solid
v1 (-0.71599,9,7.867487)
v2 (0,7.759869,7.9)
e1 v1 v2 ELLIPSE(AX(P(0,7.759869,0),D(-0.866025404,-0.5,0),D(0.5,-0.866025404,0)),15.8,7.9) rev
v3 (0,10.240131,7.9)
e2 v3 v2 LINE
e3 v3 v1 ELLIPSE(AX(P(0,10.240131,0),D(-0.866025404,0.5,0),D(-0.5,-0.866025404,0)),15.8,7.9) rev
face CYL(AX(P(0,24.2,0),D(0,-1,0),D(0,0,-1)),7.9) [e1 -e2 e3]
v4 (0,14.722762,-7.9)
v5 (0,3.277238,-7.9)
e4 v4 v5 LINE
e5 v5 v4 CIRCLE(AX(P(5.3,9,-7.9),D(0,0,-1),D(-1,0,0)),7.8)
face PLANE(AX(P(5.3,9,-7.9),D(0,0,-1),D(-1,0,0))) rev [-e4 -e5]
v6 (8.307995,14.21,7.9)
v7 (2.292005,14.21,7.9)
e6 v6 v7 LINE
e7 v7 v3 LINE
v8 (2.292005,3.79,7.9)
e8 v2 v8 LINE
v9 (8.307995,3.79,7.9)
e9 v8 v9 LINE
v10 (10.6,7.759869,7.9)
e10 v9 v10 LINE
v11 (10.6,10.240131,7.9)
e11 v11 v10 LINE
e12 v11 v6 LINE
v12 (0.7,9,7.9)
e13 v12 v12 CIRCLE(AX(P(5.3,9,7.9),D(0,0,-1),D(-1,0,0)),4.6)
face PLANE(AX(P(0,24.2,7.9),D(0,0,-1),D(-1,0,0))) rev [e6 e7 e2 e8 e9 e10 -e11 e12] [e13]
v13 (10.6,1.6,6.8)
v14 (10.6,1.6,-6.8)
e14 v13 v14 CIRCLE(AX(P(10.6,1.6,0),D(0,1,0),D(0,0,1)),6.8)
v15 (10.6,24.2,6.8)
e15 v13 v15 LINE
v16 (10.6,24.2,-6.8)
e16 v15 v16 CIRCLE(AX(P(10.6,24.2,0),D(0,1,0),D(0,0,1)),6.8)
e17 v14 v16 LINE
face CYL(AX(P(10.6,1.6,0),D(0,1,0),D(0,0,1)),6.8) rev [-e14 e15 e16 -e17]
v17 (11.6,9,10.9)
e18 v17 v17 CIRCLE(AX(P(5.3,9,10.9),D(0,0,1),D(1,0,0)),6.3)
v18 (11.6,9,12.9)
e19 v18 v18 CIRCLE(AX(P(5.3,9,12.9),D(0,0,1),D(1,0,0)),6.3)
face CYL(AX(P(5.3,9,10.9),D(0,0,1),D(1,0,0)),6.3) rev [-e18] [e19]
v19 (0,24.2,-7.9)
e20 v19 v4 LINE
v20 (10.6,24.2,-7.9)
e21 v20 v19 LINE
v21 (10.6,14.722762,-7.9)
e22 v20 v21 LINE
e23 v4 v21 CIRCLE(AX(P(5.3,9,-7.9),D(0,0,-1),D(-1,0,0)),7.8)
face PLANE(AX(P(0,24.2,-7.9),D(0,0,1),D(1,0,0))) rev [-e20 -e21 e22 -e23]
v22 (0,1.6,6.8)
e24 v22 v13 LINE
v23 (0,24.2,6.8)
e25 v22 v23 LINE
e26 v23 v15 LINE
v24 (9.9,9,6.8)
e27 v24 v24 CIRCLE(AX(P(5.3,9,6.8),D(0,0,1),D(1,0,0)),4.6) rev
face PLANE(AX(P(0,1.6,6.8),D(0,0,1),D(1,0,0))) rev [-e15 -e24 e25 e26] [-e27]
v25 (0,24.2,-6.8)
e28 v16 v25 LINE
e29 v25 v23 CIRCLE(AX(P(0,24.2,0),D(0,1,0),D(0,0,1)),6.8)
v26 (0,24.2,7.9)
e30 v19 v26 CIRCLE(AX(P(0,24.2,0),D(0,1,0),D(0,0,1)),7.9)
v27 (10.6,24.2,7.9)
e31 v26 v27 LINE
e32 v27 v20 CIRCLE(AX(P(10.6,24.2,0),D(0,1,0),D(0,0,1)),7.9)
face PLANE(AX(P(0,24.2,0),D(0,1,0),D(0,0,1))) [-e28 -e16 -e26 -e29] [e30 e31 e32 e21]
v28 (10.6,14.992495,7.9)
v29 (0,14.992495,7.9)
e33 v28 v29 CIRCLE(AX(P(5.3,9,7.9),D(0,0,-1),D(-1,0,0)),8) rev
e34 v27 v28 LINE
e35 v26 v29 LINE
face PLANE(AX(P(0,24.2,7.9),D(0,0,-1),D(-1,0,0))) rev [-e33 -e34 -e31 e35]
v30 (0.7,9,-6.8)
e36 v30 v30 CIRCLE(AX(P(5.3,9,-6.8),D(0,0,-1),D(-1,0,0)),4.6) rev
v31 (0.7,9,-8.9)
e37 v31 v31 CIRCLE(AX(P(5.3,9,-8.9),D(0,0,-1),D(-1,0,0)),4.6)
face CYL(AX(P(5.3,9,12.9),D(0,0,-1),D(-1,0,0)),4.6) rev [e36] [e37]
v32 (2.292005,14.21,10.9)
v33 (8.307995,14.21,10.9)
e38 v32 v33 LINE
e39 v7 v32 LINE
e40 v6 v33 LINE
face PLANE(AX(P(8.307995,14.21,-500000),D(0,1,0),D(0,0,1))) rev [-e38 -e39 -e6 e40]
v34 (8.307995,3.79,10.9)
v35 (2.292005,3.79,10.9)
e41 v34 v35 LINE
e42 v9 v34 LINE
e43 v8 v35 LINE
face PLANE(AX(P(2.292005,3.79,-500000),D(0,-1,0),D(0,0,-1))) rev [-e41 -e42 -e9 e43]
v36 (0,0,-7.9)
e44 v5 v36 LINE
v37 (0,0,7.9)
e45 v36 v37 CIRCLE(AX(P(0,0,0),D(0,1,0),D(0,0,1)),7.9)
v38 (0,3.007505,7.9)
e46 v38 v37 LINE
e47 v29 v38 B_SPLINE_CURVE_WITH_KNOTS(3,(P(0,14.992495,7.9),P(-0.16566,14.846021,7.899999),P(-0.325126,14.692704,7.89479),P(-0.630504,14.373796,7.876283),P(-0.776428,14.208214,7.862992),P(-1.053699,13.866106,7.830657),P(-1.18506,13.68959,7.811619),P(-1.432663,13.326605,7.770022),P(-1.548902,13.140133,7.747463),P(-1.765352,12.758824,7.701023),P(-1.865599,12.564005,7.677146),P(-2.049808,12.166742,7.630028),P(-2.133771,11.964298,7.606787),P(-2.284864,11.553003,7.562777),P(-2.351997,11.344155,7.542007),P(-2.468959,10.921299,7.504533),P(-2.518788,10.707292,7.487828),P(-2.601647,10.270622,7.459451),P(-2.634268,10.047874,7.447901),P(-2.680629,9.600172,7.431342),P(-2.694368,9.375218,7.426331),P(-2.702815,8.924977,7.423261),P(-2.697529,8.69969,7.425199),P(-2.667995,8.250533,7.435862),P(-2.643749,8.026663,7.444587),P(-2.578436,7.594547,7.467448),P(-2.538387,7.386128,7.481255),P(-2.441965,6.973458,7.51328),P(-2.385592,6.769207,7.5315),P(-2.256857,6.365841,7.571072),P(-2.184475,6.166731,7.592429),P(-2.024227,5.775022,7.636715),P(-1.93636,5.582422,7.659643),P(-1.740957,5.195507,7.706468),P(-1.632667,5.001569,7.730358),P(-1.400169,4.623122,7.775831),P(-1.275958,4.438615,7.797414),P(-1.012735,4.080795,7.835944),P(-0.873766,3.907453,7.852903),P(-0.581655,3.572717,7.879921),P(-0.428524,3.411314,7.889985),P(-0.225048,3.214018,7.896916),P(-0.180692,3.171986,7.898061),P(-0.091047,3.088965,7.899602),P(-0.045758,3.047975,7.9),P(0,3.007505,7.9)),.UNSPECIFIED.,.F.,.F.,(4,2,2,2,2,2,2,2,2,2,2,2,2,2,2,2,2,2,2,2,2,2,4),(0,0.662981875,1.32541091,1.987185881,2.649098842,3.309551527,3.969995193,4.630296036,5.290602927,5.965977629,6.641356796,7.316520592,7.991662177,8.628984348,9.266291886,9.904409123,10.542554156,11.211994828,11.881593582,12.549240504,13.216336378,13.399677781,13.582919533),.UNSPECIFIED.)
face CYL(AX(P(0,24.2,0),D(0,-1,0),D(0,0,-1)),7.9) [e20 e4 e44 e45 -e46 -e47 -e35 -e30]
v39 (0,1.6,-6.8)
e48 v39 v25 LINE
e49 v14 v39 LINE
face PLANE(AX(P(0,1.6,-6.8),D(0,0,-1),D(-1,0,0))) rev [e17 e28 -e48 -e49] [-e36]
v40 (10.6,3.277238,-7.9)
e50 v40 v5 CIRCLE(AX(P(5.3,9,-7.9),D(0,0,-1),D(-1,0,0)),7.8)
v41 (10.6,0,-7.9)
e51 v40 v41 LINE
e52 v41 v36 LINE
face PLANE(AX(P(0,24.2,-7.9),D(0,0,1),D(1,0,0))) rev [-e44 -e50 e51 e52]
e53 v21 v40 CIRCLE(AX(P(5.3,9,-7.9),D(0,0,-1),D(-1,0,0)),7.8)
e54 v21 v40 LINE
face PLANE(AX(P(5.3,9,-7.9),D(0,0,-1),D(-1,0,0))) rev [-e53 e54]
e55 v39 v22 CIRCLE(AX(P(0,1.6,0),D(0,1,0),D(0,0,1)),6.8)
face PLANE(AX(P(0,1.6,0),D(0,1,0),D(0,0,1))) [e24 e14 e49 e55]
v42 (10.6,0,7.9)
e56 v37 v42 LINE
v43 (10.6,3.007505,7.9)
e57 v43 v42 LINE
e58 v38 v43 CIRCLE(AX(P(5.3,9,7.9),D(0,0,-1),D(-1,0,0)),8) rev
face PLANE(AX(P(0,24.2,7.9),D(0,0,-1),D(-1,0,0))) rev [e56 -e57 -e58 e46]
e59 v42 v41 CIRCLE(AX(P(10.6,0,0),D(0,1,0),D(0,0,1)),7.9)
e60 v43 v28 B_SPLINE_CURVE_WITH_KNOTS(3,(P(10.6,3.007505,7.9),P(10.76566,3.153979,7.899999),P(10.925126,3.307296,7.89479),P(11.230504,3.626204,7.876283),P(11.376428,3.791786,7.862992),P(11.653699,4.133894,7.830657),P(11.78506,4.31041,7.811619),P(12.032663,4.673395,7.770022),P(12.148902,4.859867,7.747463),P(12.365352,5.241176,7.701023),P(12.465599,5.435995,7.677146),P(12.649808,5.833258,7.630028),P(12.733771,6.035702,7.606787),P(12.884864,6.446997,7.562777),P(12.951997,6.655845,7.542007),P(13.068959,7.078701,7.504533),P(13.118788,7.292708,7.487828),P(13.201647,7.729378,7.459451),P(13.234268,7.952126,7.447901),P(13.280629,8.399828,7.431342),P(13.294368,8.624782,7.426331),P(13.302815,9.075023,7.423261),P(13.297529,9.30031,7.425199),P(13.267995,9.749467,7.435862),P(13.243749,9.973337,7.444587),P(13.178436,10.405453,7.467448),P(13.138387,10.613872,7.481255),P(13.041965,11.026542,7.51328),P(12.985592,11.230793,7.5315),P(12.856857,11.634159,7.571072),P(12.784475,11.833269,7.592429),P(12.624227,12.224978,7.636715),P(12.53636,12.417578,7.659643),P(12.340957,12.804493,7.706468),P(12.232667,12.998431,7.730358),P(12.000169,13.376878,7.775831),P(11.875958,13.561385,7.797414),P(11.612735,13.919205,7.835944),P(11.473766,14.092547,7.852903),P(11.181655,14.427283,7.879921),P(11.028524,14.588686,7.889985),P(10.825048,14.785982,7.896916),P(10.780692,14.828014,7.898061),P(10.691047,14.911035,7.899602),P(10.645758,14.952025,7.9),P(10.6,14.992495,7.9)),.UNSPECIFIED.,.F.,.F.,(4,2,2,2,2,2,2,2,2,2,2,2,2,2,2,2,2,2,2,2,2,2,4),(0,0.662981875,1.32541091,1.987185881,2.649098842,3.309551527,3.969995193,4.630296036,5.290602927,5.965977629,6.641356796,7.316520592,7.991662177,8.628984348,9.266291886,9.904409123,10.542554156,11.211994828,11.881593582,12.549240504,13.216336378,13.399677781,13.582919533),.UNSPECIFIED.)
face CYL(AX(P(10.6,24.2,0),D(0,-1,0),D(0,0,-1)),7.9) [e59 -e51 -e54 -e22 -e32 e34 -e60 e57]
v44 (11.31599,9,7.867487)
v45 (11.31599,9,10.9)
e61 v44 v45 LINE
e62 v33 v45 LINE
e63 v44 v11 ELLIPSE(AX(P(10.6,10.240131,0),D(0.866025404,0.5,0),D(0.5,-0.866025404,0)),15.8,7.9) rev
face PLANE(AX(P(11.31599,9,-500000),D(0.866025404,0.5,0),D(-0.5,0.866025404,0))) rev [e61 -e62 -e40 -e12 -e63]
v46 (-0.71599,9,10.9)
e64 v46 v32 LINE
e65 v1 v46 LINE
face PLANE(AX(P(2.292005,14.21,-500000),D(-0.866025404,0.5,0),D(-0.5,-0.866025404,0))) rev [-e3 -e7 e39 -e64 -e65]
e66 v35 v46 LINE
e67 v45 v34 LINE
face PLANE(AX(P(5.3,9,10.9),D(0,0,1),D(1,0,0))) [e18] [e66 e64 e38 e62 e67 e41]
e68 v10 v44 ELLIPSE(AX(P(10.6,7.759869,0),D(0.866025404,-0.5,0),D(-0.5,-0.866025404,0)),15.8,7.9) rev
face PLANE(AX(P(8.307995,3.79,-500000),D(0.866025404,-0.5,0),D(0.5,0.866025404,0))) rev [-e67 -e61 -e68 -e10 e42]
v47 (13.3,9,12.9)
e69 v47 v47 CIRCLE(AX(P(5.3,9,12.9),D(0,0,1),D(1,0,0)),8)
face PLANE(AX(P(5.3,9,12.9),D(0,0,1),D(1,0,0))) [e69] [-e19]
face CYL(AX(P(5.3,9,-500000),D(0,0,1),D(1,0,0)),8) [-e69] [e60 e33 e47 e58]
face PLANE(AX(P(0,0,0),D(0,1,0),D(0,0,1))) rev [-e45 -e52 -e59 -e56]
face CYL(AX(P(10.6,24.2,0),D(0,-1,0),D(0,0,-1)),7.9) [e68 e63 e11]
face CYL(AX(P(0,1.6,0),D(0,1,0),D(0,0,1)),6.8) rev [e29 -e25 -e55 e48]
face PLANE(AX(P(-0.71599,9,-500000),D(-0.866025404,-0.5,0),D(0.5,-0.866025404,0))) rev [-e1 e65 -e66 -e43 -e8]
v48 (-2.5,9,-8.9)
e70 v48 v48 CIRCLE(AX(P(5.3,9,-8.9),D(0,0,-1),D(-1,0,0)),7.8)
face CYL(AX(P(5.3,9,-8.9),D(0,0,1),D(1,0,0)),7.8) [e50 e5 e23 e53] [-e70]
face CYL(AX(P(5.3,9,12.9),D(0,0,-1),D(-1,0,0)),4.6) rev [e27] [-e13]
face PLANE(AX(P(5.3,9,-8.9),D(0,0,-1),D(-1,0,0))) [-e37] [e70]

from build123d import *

# Parameters (mm, degrees)
EXTRUDE_1_DEPTH     = 24.2
EXTRUDE_2_REACH     = 38.885
SKETCH_2_R          = 8
SKETCH_7_R          = 6.3
CUT_EXTRUDE_5_DEPTH = 2
SKETCH_8_R          = 4.6
CUT_EXTRUDE_6_DEPTH = 37.885363123
EXTRUDE_START       = 1
SKETCH_8_3_R        = 7.8
SKETCH_8_3_R_2      = 4.6
EXTRUDE_3_DEPTH     = 1
CUT_EXTRUDE_7_DEPTH = 22.6


with BuildPart() as part:
    # 草圖1 → 填料-伸長1 (new body)
    with BuildSketch(Plane(origin=(0, 0, 0), x_dir=(1, 0, 0), z_dir=(0, 1, 0))):
        with BuildLine():
            Line((0, 7.9), (10.6, 7.9))
            ThreePointArc((10.6, 7.9), (18.5, 0), (10.6, -7.9))
            Line((10.6, -7.9), (0, -7.9))
            ThreePointArc((0, -7.9), (-7.9, 0), (0, 7.9))
        make_face()
    extrude(amount=EXTRUDE_1_DEPTH)

    # 草圖2 → 填料-伸長2 (add, up to next)
    with BuildSketch(Plane.XY.offset(12.9), mode=Mode.PRIVATE) as extrude_2_sk1:
        with Locations((5.3, 9)):
            Circle(SKETCH_2_R)
        Polygon((8.307994902, 14.21), (2.292005098, 14.21), (-0.715989805, 9), (2.292005098, 3.79), (8.307994902, 3.79), (11.315989805, 9), align=None, mode=Mode.SUBTRACT)
    extrude_2_tool1 = extrude(extrude_2_sk1.sketch, amount=-EXTRUDE_2_REACH, mode=Mode.PRIVATE) - part.part
    add(extrude_2_tool1.solids().sort_by_distance((-2.473726, 9, 12.9))[0])

    # 草圖7 → 除料-伸長5 (cut)
    with BuildSketch(Plane.XY.offset(12.9)):
        with Locations((5.3, 9)):
            Circle(SKETCH_7_R)
    extrude(amount=-CUT_EXTRUDE_5_DEPTH, mode=Mode.SUBTRACT)

    # 草圖8 → 除料-伸長6 (cut, through all)
    with BuildSketch(Plane(origin=(0, 0, -7.9), x_dir=(-1, 0, 0), z_dir=(0, 0, -1))):
        with Locations((-5.3, 9)):
            Circle(SKETCH_8_R)
    extrude(amount=-CUT_EXTRUDE_6_DEPTH, mode=Mode.SUBTRACT)

    # 草圖8<3> → 填料-伸長3 (add)
    with BuildSketch(Plane(origin=(0, 0, -7.9), x_dir=(-1, 0, 0), z_dir=(0, 0, -1)).offset(EXTRUDE_START)):
        with Locations((-5.3, 9)):
            Circle(SKETCH_8_3_R)
        with Locations((-5.3, 9)):
            Circle(SKETCH_8_3_R_2, mode=Mode.SUBTRACT)
    extrude(amount=-EXTRUDE_3_DEPTH)

    # 草圖9 → 除料-伸長7 (cut)
    with BuildSketch(Plane(origin=(0, 24.2, 0), x_dir=(1, 0, 0), z_dir=(0, 1, 0))):
        with BuildLine():
            ThreePointArc((10.6, -6.8), (17.4, 0), (10.6, 6.8))
            Line((10.6, 6.8), (0, 6.8))
            ThreePointArc((0, 6.8), (-6.8, 0), (0, -6.8))
            Line((0, -6.8), (10.6, -6.8))
        make_face()
    extrude(amount=-CUT_EXTRUDE_7_DEPTH, mode=Mode.SUBTRACT)


solid = part.part
